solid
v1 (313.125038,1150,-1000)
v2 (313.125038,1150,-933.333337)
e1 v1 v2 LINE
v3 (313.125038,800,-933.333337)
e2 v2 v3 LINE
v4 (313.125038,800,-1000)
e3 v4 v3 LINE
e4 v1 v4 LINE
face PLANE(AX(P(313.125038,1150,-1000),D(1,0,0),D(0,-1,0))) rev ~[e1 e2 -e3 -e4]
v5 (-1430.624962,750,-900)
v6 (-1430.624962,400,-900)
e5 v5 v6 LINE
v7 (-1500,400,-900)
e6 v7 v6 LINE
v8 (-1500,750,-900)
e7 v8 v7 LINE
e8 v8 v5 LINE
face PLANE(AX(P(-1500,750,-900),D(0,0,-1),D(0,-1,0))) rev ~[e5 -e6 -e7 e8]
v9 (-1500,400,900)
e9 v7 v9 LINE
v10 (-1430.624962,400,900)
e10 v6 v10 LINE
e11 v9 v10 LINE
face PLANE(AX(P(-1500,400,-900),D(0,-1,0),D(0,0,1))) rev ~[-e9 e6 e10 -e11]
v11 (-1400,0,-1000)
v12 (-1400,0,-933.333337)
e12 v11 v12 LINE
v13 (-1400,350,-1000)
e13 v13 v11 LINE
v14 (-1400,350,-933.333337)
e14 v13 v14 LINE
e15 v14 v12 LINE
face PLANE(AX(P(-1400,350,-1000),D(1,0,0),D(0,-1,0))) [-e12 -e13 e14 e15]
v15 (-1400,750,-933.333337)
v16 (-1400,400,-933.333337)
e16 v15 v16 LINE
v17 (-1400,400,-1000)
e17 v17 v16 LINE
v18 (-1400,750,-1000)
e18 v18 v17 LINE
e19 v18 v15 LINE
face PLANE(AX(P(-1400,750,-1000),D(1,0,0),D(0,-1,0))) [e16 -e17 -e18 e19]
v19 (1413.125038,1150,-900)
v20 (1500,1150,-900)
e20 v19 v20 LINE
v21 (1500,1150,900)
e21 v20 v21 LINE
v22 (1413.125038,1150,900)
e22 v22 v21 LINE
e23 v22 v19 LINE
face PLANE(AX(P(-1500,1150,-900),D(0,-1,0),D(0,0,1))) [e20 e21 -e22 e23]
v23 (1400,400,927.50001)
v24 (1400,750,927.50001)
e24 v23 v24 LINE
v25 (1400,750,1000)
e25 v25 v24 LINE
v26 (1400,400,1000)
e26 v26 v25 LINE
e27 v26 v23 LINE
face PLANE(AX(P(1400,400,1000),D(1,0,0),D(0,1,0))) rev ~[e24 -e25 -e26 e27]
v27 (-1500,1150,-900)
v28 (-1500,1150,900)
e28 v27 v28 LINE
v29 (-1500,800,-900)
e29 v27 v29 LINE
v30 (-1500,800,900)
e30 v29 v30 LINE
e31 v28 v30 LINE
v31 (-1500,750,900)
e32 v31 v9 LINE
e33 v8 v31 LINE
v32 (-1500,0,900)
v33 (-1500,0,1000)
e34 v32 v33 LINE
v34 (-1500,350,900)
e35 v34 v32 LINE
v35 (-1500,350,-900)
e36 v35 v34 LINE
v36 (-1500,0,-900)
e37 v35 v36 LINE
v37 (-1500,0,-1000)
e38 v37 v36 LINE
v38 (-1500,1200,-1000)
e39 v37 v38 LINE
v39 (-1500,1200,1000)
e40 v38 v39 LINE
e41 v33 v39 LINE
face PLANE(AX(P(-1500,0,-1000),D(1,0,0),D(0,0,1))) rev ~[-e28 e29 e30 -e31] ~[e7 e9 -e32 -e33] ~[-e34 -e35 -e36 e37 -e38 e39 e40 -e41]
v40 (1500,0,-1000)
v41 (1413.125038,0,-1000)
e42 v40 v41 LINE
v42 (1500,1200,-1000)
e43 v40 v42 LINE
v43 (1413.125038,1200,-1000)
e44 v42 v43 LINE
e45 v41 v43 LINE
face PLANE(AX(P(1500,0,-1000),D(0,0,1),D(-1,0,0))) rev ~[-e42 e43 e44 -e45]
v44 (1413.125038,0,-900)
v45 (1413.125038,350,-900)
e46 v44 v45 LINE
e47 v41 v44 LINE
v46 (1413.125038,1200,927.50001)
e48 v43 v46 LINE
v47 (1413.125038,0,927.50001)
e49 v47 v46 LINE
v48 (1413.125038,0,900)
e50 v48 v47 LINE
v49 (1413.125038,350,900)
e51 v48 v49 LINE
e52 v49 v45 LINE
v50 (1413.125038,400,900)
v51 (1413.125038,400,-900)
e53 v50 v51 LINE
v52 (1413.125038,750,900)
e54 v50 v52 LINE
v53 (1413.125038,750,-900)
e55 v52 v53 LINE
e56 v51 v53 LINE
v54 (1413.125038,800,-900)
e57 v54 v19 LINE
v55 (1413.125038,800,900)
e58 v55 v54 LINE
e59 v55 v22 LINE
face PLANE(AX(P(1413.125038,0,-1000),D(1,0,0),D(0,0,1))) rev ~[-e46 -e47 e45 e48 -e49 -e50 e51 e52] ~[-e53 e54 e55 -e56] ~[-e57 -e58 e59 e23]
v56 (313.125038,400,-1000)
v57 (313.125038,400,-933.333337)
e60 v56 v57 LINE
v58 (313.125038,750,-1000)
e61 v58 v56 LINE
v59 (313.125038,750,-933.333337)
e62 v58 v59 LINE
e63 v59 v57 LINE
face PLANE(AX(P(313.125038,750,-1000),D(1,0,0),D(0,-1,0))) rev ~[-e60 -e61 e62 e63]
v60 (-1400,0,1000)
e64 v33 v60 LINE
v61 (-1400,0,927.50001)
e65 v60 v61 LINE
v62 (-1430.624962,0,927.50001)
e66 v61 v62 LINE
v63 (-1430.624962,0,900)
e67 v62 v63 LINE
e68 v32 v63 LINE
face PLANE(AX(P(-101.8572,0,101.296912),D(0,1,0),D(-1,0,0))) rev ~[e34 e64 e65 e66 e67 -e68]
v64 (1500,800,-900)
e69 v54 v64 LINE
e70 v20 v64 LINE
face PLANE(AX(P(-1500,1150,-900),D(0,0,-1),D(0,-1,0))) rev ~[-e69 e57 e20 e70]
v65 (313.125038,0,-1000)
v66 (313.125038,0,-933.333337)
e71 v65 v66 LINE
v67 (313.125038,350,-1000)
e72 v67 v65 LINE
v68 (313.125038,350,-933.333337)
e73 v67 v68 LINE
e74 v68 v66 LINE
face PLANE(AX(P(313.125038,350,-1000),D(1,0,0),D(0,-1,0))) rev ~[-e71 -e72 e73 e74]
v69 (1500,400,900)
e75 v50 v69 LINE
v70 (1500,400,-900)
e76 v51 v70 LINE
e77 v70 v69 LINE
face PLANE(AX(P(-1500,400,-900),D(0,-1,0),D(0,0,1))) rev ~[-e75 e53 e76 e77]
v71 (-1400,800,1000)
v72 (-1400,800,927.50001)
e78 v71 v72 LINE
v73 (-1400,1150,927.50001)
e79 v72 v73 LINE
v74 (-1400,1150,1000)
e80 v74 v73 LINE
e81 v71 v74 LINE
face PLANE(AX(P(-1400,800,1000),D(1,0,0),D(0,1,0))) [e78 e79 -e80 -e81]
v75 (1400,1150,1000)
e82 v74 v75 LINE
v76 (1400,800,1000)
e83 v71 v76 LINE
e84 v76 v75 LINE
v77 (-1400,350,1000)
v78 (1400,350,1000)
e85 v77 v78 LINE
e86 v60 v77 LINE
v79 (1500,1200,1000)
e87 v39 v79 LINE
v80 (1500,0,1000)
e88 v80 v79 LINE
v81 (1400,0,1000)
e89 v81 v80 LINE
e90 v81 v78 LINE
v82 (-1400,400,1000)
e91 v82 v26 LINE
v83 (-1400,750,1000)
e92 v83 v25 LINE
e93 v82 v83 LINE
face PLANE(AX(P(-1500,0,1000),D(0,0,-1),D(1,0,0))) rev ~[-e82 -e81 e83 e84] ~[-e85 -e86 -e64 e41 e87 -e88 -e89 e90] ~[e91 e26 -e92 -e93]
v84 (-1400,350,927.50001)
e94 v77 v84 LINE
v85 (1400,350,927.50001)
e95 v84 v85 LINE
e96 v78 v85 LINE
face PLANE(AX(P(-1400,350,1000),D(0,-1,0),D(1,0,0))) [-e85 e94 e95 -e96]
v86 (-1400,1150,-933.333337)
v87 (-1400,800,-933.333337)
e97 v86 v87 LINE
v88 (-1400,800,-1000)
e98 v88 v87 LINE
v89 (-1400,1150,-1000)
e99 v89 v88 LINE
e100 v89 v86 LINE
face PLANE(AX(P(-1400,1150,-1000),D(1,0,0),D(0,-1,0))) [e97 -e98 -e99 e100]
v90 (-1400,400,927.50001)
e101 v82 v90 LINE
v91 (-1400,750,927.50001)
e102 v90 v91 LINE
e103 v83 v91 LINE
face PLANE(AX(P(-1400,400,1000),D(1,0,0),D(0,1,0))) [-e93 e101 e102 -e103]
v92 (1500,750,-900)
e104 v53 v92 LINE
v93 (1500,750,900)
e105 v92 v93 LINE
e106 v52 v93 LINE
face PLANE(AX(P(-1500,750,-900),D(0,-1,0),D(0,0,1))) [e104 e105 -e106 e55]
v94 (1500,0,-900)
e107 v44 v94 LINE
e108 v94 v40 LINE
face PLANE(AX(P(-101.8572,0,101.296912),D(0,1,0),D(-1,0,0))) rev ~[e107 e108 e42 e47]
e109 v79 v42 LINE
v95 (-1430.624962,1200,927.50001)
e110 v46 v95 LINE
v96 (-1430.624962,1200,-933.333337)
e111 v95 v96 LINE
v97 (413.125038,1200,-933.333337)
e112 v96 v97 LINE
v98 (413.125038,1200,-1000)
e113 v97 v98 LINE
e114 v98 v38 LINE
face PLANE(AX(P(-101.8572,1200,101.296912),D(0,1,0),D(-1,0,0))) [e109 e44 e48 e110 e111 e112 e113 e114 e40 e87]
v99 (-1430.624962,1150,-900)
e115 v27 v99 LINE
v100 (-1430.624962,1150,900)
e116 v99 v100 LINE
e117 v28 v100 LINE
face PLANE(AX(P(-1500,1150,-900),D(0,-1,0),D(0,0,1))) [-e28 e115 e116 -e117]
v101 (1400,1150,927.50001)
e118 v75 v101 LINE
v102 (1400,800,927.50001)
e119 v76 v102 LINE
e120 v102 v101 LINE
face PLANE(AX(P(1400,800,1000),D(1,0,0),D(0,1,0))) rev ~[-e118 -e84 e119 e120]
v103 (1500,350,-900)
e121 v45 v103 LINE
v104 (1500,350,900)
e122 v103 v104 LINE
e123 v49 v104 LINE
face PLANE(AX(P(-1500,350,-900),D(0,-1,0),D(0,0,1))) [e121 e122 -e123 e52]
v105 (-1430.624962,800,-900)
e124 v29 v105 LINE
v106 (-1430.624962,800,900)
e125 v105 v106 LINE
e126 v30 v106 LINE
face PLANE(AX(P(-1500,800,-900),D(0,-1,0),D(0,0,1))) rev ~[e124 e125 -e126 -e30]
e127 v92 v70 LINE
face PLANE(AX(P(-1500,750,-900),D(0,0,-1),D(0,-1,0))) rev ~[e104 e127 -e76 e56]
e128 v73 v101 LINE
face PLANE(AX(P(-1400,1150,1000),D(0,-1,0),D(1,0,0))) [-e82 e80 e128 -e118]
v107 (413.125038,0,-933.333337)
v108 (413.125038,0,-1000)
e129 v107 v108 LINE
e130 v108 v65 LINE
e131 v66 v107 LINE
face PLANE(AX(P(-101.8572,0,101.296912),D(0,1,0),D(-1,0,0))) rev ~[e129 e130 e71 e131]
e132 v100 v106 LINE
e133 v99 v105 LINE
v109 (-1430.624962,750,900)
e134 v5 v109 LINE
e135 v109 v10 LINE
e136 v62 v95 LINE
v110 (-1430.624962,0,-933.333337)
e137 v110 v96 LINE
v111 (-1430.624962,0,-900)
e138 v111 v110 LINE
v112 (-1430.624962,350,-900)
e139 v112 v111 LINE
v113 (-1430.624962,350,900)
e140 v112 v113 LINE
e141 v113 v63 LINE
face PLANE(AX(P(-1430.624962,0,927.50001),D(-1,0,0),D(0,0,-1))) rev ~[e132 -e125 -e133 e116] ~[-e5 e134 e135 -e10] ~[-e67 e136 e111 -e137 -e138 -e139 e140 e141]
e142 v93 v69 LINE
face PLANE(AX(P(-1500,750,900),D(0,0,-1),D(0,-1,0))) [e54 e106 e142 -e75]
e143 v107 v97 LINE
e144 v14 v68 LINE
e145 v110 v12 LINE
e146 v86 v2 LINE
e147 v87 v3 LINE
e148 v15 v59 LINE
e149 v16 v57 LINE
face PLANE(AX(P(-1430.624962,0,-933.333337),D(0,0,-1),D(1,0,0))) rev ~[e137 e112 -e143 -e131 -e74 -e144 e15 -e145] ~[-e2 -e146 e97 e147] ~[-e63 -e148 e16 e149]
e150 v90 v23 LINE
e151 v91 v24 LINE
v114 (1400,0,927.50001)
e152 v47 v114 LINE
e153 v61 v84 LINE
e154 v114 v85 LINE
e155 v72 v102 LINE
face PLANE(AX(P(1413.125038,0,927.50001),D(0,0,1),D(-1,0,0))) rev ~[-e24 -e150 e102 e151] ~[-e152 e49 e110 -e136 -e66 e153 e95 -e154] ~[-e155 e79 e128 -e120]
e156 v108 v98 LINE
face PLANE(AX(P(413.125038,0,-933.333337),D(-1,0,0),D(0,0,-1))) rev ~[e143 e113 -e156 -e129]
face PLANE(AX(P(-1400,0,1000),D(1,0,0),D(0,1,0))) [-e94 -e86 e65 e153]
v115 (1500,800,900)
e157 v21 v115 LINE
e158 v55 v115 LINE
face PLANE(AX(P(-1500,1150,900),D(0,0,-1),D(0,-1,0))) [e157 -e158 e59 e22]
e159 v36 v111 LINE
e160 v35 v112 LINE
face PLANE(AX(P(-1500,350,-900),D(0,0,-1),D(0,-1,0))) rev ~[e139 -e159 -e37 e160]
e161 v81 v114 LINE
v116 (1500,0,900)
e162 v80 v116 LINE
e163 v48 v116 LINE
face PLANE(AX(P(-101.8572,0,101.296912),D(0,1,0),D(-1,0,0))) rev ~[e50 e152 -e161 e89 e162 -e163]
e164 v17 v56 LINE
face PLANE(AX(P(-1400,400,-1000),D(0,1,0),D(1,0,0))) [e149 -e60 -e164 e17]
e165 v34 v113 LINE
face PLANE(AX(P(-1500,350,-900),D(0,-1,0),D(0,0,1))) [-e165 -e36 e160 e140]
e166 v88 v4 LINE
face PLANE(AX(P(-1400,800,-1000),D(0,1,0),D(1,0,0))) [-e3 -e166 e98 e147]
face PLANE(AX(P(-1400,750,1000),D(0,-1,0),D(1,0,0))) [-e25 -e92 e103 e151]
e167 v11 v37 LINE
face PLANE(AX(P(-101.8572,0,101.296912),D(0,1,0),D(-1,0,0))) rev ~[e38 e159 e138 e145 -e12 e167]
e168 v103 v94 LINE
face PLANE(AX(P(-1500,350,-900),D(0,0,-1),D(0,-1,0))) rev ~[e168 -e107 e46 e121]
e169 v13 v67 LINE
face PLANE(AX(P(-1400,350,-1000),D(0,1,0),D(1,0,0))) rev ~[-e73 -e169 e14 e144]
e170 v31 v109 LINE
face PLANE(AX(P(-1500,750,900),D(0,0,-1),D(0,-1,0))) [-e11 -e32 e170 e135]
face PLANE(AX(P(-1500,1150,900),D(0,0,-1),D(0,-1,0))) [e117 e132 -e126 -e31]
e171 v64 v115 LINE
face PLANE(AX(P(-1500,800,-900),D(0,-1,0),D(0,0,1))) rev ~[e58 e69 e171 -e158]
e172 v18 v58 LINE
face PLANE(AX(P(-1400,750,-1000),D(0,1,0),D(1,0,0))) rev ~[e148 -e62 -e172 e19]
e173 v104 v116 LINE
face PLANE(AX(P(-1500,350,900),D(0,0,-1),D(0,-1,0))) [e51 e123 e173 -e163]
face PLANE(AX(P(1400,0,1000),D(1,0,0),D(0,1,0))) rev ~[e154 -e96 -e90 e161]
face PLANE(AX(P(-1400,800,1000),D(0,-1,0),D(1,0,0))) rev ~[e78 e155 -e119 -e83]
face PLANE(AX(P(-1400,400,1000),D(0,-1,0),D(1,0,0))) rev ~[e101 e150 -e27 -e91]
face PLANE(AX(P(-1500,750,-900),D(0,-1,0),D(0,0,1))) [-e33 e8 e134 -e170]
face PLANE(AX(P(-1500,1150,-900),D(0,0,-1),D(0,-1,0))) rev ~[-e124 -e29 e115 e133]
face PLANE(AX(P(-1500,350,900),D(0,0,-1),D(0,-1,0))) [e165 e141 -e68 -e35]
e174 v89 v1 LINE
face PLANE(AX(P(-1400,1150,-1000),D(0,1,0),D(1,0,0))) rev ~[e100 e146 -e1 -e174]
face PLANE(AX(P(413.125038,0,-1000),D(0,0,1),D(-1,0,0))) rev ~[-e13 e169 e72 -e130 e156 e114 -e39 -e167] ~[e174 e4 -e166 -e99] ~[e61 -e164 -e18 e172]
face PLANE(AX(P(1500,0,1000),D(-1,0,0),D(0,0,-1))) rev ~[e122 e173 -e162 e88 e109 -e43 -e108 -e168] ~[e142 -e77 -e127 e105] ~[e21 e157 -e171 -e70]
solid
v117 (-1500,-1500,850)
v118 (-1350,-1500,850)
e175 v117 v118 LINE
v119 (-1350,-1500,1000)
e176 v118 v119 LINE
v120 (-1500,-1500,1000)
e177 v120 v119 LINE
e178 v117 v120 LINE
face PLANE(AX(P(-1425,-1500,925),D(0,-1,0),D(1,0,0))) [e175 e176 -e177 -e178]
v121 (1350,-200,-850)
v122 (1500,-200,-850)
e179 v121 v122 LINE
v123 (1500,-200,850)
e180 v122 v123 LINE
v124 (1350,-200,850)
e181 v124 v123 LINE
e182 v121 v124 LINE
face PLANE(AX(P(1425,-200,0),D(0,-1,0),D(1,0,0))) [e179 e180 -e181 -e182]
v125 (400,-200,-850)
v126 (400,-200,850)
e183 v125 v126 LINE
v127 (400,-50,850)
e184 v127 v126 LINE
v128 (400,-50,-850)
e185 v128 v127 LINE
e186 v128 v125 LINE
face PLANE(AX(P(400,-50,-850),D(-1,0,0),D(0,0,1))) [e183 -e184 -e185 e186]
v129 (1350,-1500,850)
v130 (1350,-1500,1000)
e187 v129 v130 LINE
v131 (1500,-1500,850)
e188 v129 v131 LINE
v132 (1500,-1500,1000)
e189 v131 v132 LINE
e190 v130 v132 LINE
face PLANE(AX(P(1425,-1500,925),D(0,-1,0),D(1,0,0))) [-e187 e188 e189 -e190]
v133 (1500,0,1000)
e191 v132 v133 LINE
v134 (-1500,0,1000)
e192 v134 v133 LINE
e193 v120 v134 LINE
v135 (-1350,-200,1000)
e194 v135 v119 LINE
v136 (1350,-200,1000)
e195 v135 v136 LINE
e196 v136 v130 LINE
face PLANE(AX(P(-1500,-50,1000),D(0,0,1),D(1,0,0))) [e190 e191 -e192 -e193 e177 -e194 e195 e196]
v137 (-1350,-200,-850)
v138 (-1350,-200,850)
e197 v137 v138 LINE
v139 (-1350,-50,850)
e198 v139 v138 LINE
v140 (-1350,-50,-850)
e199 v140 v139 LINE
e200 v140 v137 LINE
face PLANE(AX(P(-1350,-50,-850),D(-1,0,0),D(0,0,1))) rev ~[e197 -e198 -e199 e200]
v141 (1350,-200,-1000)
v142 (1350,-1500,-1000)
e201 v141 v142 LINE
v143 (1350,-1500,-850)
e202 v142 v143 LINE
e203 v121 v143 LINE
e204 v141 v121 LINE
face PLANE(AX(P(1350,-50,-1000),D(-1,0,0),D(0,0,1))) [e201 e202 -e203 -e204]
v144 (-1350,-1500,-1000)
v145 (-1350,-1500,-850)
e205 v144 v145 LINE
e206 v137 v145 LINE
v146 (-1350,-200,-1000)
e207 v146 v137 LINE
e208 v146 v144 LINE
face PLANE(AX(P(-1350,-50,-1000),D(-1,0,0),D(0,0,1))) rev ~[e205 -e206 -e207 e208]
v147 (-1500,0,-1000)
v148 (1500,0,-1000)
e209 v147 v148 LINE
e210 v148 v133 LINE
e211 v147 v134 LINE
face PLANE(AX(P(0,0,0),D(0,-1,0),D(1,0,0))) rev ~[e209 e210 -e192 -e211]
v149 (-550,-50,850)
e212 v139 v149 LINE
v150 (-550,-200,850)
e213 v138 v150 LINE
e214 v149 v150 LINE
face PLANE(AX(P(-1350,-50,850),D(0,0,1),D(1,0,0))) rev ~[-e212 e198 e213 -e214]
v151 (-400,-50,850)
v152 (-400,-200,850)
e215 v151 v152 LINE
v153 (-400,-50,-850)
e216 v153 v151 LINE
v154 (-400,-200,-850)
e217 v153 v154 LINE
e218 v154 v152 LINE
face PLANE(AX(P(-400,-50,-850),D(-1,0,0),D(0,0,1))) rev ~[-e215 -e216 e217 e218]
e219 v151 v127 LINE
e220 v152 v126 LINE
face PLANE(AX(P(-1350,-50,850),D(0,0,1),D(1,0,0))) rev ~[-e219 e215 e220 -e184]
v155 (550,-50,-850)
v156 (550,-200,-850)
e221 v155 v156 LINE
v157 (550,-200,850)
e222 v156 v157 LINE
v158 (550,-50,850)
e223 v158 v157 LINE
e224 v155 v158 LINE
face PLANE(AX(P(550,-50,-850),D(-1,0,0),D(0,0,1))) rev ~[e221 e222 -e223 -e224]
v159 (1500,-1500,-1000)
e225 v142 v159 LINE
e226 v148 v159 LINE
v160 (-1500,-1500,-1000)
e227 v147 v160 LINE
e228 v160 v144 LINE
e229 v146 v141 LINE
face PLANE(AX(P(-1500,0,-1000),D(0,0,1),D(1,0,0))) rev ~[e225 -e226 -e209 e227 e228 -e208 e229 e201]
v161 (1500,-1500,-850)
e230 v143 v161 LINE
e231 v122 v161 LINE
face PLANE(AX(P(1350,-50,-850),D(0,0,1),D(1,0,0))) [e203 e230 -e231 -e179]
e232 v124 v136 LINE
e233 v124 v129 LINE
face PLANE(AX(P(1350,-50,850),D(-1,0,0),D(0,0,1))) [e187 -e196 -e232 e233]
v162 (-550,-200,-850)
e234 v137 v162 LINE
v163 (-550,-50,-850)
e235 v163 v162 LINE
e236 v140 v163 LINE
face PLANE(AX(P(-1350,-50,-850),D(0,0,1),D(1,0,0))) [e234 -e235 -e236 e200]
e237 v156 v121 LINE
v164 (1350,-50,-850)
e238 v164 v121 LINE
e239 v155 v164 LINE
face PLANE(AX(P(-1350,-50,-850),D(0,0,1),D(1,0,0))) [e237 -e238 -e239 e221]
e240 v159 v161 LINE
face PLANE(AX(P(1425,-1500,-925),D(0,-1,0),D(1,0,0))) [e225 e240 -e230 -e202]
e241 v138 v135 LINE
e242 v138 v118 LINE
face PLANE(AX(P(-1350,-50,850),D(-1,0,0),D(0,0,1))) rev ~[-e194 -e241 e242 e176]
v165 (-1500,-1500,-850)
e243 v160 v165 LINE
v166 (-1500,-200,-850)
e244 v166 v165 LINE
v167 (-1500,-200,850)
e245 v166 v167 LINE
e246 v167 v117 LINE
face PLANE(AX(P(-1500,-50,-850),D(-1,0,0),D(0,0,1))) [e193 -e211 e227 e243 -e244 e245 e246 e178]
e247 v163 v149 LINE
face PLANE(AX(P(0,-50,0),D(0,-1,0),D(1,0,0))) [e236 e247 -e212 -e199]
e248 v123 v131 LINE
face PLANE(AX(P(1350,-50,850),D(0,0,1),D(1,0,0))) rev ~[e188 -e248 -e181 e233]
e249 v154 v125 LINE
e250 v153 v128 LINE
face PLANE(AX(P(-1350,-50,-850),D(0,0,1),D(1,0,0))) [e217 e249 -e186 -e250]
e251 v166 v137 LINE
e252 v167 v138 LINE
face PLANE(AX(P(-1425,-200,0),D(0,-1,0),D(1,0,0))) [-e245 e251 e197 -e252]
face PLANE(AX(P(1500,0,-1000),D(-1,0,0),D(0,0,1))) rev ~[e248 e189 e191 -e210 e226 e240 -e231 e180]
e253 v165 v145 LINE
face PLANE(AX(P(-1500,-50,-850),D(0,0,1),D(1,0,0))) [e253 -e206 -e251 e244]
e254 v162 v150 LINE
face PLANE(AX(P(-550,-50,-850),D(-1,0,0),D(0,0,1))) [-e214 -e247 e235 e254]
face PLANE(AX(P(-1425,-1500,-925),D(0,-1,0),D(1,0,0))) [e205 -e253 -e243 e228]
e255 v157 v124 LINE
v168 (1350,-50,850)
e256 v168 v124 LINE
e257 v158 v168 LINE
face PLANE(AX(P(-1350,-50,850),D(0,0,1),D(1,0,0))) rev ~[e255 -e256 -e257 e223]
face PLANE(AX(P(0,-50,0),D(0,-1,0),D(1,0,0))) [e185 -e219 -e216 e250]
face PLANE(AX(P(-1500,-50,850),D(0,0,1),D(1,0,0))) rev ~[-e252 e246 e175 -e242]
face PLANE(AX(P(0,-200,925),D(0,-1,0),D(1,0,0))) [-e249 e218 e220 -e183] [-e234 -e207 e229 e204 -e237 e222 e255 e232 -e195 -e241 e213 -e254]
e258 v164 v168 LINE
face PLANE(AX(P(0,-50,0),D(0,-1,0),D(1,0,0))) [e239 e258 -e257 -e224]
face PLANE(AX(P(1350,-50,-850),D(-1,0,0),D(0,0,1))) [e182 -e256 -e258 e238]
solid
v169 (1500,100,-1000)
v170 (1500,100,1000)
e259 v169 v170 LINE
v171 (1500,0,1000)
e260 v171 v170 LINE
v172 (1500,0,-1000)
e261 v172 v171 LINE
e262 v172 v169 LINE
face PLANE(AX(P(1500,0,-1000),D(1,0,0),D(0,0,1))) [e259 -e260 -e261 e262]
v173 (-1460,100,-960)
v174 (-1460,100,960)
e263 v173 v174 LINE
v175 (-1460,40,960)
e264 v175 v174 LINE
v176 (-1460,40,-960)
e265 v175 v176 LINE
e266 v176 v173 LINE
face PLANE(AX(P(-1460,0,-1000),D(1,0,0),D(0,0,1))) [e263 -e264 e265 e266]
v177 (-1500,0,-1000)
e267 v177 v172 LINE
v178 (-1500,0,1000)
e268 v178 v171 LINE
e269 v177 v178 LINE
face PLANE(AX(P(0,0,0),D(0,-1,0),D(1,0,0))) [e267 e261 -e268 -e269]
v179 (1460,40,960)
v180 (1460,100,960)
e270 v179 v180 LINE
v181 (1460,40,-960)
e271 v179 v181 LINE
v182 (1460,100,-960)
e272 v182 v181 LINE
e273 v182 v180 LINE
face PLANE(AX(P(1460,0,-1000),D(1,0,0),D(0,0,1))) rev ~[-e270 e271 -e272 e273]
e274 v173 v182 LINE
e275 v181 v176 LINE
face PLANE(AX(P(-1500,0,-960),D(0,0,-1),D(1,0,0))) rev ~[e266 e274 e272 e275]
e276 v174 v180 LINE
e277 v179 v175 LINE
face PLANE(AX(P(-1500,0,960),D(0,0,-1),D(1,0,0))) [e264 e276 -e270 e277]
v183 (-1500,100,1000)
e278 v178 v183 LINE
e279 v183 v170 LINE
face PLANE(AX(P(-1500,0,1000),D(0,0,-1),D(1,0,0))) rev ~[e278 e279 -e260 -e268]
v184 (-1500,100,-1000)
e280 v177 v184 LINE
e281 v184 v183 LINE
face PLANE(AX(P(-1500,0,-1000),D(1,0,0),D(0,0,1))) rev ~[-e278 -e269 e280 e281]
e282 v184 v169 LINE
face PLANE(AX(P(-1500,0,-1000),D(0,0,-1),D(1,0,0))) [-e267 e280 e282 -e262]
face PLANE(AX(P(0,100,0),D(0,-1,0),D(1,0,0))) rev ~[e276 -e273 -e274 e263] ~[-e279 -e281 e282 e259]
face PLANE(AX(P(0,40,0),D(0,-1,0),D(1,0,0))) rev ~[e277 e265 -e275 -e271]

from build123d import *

# Parameters (mm, degrees)
F0_W      = 3000
F0_H      = 2000
F1_DEPTH  = 50
F2_W      = 150
F2_H      = 150
F3_DEPTH  = 1450
F5_DEPTH  = 1200
F6_W      = 350
F6_H      = 1800
F7_DEPTH  = 3000.001
F8_W      = 1713.125038147
F8_H      = 350
F9_DEPTH  = 110
F10_W     = 2800
F10_H     = 350
F11_DEPTH = 110
F12_DEPTH = 100
F13_W     = 150
F13_H     = 1700
F13_W_2   = 2700
F13_H_2   = 150
F14_DEPTH = 150
F15_W     = 150
F15_H     = 1700
F16_DEPTH = 150
F17_T     = -40


with BuildPart() as f1:
    # F0 (on Front) → F1 (new body)
    with BuildSketch(Plane.XZ):
        Rectangle(F0_W, F0_H)
    extrude(amount=F1_DEPTH)

    # F2 (on face) → F3 (join)
    with BuildSketch(Plane.XZ.offset(50)):
        with Locations((-1425, 925)):
            Rectangle(F2_W, F2_H)
        with Locations((1425, 925)):
            Rectangle(F2_W, F2_H)
        with Locations((-1425, -925)):
            Rectangle(F2_W, F2_H)
        with Locations((1425, -925)):
            Rectangle(F2_W, F2_H)
    extrude(amount=F3_DEPTH)


with BuildPart() as f5:
    # F4 (on face) → F5 (new body)
    with BuildSketch(Plane(origin=(0, 0, 0), x_dir=(-1, 0, 0), z_dir=(0, 1, 0))):
        Polygon((-1413.125038147, -1000), (-1413.125038147, 927.5000095367), (1430.624961853, 927.5000095367), (1430.624961853, -933.333337307), (-413.125038147, -933.333337307), (-413.125038147, -1000), (1500, -1000), (1500, 1000), (-1500, 1000), (-1500, -1000), align=None)
    extrude(amount=F5_DEPTH)

    # F6 (on face) → F7 (cut, through all)
    with BuildSketch(Plane(origin=(-1500, 0, 0), x_dir=(0, -1, 0), z_dir=(-1, 0, 0))):
        with Locations((-975, 0)):
            Rectangle(F6_W, F6_H)
        with Locations((-575, 0)):
            Rectangle(F6_W, F6_H)
        with Locations((-175, 0)):
            Rectangle(F6_W, F6_H)
    extrude(amount=-F7_DEPTH, mode=Mode.SUBTRACT)

    # F8 (on face) → F9 (cut)
    with BuildSketch(Plane(origin=(0, 0, -1000), x_dir=(1, 0, 0), z_dir=(0, 0, -1))):
        with Locations((-543.4374809265, -975)):
            Rectangle(F8_W, F8_H)
        with Locations((-543.4374809265, -175)):
            Rectangle(F8_W, F8_H)
        with Locations((-543.4374809265, -575)):
            Rectangle(F8_W, F8_H)
    extrude(amount=-F9_DEPTH, mode=Mode.SUBTRACT)

    # F10 (on face) → F11 (cut)
    with BuildSketch(Plane.XY.offset(1000)):
        with Locations((0, 975)):
            Rectangle(F10_W, F10_H)
        with Locations((0, 575)):
            Rectangle(F10_W, F10_H)
        with Locations((0, 175)):
            Rectangle(F10_W, F10_H)
    extrude(amount=-F11_DEPTH, mode=Mode.SUBTRACT)


with BuildPart() as f12:
    # F12 (new): a face of the model
    f12_faces = [f1.part.faces().sort_by_distance(p)[0] for p in [
        (0, 0, 0),
    ]]
    extrude(f12_faces, amount=F12_DEPTH)

    # F17
    f17_openings = [f12.faces().sort_by_distance(p)[0] for p in [
        (0, 100, 0),
    ]]
    offset(amount=F17_T, openings=f17_openings)


with BuildPart() as f1_1:
    add(f1.part)

    # F13 (on face) → F14 (join)
    with BuildSketch(Plane.XZ.offset(50)):
        with Locations((-1425, 0)):
            Rectangle(F13_W, F13_H)
        with Locations((0, 925)):
            Rectangle(F13_W_2, F13_H_2)
        with Locations((1425, 0)):
            Rectangle(F13_W, F13_H)
        with Locations((0, -925)):
            Rectangle(F13_W_2, F13_H_2)
    extrude(amount=F14_DEPTH)

    # F15 (on face) → F16 (join)
    with BuildSketch(Plane.XZ.offset(50)):
        with Locations((-475, 0)):
            Rectangle(F15_W, F15_H)
        with Locations((475, 0)):
            Rectangle(F15_W, F15_H)
    extrude(amount=F16_DEPTH)


solid = Compound([f5.part, f12.part, f1_1.part])
